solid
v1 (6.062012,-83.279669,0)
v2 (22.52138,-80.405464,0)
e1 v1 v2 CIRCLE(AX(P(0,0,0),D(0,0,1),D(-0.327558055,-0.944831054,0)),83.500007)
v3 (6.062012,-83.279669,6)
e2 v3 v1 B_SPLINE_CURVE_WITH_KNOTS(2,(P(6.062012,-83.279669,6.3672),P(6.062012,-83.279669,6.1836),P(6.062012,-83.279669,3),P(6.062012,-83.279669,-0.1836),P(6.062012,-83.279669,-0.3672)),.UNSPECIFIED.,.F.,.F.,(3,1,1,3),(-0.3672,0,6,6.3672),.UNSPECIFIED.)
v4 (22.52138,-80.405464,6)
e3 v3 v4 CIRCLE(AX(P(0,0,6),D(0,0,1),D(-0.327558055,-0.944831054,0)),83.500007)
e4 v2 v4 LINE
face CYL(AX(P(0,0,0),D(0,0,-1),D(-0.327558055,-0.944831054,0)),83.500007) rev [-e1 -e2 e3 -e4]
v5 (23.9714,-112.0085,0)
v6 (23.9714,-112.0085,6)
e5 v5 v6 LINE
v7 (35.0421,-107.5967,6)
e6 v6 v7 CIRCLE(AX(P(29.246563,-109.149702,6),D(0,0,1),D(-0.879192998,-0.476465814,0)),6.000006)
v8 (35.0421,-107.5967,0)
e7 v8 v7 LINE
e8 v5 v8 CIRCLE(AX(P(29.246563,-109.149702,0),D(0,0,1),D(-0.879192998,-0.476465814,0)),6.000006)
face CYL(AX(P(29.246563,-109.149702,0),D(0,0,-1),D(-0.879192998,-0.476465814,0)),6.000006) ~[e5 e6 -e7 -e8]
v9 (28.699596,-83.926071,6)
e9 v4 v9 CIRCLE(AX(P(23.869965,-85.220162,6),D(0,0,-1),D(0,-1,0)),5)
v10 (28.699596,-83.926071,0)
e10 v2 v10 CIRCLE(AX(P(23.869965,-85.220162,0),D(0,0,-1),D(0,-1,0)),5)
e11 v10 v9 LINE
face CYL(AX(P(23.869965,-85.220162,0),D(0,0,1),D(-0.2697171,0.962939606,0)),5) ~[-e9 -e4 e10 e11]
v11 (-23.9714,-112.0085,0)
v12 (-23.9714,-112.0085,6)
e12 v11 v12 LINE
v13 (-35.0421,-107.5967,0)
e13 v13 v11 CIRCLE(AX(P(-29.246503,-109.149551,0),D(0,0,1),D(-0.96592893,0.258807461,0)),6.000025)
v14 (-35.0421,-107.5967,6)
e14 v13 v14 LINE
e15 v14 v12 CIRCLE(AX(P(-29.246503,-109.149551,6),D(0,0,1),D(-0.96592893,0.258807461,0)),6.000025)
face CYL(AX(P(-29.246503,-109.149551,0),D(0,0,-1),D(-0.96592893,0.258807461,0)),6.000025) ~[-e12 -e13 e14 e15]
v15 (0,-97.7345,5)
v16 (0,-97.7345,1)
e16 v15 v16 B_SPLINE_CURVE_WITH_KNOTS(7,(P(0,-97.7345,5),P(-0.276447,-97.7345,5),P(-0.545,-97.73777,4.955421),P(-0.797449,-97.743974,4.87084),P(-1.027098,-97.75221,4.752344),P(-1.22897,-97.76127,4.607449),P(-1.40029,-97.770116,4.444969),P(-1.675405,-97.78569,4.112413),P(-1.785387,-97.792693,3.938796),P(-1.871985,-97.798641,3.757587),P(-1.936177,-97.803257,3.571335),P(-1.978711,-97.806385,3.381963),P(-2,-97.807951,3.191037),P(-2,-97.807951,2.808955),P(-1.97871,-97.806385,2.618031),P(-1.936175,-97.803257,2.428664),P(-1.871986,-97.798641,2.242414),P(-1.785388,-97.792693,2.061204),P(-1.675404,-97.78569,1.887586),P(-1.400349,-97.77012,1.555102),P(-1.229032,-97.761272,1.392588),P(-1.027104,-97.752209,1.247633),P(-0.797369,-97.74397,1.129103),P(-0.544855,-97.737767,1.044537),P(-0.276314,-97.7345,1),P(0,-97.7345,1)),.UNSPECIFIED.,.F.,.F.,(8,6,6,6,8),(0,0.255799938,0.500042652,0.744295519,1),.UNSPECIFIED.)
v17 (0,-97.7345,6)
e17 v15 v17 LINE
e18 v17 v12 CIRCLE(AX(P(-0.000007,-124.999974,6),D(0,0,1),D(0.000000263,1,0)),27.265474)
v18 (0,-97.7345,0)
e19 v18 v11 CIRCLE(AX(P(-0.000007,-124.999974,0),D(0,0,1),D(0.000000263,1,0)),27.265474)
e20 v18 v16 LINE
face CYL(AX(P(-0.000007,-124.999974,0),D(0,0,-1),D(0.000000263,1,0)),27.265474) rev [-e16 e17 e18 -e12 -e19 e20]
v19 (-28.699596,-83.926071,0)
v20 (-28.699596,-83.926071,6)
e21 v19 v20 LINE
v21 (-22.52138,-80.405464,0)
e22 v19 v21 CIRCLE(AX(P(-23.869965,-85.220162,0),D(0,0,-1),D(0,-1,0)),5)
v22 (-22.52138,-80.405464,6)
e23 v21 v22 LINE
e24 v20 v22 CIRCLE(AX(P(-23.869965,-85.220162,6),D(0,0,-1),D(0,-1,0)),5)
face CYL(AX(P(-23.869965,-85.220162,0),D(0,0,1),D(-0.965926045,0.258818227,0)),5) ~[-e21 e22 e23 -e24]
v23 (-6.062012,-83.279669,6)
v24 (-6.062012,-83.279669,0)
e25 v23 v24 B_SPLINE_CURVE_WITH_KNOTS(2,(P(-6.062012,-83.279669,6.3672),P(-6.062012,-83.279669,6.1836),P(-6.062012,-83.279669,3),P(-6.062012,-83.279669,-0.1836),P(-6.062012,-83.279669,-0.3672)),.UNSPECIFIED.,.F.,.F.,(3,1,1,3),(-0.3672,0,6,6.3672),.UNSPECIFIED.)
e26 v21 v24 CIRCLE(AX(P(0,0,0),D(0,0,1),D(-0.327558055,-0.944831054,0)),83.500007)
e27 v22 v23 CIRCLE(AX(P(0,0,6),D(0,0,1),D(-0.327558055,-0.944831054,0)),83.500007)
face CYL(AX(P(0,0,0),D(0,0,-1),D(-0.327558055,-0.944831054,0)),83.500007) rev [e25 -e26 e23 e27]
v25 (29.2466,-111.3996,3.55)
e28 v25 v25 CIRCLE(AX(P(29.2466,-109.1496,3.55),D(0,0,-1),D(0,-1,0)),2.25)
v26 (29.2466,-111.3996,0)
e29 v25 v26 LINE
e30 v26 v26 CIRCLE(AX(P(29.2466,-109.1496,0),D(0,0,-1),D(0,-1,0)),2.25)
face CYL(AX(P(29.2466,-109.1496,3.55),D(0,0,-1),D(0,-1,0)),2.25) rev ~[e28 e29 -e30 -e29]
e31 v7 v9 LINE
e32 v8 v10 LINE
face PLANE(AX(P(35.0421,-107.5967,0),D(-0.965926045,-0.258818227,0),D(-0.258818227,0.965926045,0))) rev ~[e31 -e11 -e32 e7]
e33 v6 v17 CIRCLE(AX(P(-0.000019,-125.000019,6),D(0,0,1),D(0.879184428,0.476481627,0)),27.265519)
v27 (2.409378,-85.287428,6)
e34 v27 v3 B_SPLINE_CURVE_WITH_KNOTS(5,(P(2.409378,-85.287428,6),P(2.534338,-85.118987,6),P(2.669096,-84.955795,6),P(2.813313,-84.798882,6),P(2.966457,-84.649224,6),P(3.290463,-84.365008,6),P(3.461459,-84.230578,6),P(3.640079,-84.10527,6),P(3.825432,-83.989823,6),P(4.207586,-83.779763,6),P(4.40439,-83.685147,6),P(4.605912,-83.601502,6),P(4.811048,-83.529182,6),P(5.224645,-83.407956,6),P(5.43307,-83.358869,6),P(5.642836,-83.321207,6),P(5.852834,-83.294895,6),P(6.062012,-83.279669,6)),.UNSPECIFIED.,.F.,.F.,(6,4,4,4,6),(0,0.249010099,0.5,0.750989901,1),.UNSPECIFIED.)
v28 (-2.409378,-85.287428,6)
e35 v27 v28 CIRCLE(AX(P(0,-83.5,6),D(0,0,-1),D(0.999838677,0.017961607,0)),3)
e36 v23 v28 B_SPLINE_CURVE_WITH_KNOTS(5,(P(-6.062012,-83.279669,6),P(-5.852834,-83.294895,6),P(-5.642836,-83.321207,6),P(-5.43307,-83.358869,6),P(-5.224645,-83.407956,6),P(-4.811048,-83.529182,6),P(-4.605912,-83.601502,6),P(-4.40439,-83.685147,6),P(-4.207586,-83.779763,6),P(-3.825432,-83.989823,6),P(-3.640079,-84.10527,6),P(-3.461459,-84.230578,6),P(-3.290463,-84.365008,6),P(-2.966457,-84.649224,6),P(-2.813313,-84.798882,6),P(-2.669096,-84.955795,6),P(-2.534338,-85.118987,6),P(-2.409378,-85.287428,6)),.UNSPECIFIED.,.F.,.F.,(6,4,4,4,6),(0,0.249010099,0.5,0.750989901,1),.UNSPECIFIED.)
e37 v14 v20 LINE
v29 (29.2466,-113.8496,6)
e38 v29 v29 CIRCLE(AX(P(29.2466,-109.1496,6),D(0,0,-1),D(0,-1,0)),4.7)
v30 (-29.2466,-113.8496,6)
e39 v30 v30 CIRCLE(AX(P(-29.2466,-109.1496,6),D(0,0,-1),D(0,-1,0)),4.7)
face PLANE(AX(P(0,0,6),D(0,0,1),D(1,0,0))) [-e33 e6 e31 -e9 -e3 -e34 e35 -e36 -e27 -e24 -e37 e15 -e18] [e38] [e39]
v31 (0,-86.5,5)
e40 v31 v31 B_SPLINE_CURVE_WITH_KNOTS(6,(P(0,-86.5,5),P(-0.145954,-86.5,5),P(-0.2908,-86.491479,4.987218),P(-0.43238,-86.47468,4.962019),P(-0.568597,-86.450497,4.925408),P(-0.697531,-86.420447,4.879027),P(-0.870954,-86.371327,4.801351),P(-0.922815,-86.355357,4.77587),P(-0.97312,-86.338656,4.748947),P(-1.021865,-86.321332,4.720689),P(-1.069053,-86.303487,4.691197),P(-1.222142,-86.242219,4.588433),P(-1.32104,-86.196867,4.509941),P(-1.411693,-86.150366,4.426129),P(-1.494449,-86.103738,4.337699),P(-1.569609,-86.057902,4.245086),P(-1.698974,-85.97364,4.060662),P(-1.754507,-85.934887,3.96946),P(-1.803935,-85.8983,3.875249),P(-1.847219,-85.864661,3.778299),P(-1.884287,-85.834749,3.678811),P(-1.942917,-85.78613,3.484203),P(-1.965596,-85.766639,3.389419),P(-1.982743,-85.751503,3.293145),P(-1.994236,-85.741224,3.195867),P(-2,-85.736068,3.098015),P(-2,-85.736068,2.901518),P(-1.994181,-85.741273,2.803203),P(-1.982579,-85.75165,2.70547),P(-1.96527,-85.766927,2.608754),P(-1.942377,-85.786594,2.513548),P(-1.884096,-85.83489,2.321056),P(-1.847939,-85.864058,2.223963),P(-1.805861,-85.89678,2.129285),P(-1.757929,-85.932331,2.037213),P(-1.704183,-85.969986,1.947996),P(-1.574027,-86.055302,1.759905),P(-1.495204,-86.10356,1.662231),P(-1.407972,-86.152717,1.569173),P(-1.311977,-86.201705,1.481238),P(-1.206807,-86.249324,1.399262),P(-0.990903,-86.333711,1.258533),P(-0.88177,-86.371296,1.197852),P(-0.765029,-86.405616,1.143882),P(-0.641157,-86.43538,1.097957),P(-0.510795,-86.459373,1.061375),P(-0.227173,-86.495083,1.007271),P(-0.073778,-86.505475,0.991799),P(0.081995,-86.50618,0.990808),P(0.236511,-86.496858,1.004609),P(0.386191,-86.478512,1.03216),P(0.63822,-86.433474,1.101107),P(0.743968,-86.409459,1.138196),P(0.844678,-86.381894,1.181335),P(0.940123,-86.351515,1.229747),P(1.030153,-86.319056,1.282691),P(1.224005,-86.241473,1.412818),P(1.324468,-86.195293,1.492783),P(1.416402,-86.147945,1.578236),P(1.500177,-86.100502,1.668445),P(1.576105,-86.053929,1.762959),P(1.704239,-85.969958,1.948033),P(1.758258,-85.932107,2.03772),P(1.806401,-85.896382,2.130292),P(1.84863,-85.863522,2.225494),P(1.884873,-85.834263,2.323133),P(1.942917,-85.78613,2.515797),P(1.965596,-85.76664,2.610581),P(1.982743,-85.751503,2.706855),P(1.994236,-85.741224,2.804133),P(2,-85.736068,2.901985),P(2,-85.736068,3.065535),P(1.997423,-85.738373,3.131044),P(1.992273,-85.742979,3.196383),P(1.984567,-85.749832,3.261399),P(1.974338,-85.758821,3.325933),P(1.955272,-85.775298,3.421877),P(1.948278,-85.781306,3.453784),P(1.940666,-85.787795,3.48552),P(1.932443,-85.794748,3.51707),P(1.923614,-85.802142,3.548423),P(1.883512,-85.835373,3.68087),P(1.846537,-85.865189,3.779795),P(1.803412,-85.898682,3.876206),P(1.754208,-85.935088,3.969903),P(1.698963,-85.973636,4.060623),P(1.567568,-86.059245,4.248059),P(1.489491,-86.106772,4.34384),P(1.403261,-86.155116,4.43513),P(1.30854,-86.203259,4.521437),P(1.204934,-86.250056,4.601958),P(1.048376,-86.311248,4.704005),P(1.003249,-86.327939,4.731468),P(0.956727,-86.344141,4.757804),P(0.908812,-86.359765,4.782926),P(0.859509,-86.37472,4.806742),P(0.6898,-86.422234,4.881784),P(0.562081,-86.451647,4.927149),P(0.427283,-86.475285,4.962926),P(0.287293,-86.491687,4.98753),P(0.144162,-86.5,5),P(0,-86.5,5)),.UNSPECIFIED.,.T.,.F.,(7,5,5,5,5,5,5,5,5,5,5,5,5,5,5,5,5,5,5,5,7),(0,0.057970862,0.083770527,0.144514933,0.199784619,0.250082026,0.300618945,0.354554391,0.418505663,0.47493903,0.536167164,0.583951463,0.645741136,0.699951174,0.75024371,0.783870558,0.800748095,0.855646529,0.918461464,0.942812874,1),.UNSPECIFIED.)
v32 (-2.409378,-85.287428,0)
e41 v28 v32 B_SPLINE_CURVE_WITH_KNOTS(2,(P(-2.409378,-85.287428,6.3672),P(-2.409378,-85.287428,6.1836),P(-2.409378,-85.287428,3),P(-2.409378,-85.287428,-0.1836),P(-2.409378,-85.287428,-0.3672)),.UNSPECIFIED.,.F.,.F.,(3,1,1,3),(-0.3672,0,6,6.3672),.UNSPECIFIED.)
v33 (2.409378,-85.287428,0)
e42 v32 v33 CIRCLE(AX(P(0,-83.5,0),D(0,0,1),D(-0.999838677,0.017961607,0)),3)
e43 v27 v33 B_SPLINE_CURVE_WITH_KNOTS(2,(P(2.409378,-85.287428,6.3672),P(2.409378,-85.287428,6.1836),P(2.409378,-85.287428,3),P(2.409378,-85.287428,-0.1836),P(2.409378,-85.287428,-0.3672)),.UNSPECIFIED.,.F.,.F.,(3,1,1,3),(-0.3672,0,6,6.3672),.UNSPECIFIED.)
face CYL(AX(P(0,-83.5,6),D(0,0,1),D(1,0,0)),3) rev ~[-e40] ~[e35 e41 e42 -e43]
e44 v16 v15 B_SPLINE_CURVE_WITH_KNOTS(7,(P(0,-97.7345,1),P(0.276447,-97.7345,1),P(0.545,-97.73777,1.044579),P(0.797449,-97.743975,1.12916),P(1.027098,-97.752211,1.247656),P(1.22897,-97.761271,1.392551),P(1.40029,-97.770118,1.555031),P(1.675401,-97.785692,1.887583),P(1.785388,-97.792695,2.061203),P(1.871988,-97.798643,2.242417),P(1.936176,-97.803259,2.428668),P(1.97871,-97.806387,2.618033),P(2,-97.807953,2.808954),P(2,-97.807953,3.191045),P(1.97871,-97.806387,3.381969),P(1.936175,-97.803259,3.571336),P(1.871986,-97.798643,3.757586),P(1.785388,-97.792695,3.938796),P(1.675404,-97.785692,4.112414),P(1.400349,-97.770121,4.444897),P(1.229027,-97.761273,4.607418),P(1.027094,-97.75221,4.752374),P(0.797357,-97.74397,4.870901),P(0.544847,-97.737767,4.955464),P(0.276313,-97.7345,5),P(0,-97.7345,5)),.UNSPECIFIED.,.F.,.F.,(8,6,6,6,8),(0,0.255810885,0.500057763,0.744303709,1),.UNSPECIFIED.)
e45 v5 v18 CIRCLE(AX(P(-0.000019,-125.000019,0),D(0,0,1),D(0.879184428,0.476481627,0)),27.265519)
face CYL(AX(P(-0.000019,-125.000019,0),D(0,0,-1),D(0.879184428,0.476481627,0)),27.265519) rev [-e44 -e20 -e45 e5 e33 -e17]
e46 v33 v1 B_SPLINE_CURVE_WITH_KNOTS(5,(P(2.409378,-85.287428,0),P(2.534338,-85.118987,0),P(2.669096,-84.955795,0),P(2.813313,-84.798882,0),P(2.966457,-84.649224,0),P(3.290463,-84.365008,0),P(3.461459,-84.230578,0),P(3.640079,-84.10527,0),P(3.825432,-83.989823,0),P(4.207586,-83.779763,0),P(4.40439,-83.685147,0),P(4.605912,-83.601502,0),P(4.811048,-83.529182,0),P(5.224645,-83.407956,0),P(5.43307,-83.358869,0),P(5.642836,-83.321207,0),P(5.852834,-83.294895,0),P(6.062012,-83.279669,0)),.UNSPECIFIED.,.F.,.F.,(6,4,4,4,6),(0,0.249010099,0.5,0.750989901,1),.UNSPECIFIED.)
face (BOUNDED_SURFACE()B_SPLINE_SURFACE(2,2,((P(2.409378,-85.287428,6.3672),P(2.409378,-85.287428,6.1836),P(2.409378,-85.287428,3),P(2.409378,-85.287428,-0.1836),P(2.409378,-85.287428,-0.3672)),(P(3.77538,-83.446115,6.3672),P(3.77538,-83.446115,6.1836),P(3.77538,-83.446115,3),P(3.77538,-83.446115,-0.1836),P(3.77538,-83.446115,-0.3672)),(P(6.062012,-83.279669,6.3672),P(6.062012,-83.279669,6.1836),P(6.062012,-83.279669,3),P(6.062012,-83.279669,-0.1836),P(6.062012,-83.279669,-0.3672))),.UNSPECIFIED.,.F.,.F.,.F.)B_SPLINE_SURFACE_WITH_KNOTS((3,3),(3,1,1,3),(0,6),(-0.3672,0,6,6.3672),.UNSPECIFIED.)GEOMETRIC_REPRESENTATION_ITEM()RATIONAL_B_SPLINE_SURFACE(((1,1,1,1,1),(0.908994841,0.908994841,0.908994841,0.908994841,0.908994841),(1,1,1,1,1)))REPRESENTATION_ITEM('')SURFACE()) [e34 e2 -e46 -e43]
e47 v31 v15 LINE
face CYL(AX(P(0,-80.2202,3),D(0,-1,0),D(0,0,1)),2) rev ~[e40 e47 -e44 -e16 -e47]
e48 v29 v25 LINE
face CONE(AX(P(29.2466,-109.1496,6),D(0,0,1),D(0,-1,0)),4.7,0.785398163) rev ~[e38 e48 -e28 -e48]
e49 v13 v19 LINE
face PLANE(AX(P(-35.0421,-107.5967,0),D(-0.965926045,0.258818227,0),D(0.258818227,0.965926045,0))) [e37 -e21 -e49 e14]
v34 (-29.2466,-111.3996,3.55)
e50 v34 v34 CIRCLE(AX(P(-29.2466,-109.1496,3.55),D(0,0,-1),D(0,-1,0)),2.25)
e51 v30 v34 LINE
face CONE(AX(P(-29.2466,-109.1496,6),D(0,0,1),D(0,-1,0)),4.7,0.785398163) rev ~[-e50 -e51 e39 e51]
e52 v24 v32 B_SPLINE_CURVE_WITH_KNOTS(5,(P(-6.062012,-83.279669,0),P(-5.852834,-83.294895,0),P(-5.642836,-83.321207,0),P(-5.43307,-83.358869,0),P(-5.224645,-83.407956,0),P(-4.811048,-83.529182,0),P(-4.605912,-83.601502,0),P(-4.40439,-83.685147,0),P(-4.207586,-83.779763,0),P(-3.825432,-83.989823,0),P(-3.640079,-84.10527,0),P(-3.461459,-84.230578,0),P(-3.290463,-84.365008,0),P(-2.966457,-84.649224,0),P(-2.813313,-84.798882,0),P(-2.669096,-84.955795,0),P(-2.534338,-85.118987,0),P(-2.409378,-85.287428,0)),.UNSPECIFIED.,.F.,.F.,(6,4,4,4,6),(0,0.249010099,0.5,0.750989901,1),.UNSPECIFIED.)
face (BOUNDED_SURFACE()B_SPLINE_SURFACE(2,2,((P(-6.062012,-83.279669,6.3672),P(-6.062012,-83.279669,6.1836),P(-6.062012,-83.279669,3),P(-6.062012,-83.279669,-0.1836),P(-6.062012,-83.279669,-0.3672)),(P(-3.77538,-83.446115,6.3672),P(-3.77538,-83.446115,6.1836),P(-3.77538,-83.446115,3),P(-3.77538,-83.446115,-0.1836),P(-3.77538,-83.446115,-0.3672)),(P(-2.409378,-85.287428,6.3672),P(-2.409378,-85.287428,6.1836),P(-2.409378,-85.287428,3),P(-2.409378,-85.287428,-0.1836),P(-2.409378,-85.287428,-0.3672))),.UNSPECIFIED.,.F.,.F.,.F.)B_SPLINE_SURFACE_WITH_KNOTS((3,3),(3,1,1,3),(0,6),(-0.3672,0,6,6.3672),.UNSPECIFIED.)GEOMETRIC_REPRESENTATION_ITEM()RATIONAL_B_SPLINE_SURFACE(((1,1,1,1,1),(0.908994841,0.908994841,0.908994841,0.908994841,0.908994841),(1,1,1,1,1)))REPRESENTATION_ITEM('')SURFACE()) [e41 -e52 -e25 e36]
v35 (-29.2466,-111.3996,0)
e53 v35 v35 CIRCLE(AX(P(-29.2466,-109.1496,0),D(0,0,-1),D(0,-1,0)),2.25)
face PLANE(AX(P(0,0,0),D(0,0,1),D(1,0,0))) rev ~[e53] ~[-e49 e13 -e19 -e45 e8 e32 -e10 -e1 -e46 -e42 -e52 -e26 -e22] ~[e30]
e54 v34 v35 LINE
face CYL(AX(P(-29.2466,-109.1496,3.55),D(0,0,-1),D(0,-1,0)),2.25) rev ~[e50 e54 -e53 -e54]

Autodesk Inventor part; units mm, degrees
ref_plane "YZ Plane" through (0, 0, 0) normal (1, 0, 0) x (0, 1, 0)
ref_plane "XY Plane" through (0, 0, 0) normal (0, 0, 1) x (1, 0, 0)
sketch "Sketch1" plane through (0, 0, 0) normal (0, 0, 1) x (1, 0, 0)
  arc A0 (-35.0421, -107.5967) -> (-23.9714, -112.0085) centre (-29.2466, -109.1496) ccw
  arc A1 (-27.3511, -78.8934) -> (27.3511, -78.8934) centre (0, 0) ccw
  line L0 (0, 0) -> (0, -147.6951) construction
  line L1 (0, 0) -> (-29.2466, -109.1496) construction
  line L2 (-35.0421, -107.5967) -> (-27.3511, -78.8934)
  arc A2 (0, -97.7345) -> (-23.9714, -112.0085) centre (0, -125) ccw
  arc A3 (23.9714, -112.0085) -> (35.0421, -107.5967) centre (29.2466, -109.1496) ccw
  line L3 (35.0421, -107.5967) -> (27.3511, -78.8934)
  arc A4 (23.9714, -112.0085) -> (0, -97.7345) centre (0, -125) ccw
  dimension "d0" = 167
  dimension "d1" = 12
  dimension "d2" = 15
  dimension "d3" = 113
  dimension "d4" = 125
extrude "Extrusion1" add sketch "Sketch1" along normal blind 6
sketch "Sketch2" plane through (0, 0, 6) normal (0, 0, 1) x (1, 0, 0)
  line L0 (-29.2466, -109.1496) -> (0, 0) construction
  line L1 (0, 0) -> (29.2466, -109.1496) construction
  line L2 (0, 0) -> (0, -137.2486) construction
  dimension "d14" = 15
  dimension "d15" = 15
  dimension "d16" = 113
  dimension "d17" = 113
hole "Hole1" at (-29.2466, -109.1496, 6) at (29.2466, -109.1496, 6) direction (0, 0, -1) diameter 4.5 end through all countersink diameter 9.4 countersink angle 90 clearance for "Countersunk Flat Head Screw DIN EN ISO 2009" size "M4" standard "DIN"
fillet "Fillet1" radius 5 2 edges at (-27.3511, -78.8934, 3) (27.3511, -78.8934, 3)
ref_plane "Work Plane1" through (-23.8699, -80.2202, 0) normal (0, 1, 0) x (-1, 0, 0)
sketch "Sketch3" plane through (-23.8699, -80.2202, 0) normal (0, 1, 0) x (-1, 0, 0)
  line L0 (11.1722, 0) -> (11.1722, 6) projected
  point P0 (-23.8699, 0)
  point P1 (-23.8699, 3)
  point P2 (11.1722, 3)
hole "Hole2" at (0, -80.2202, 3) direction (0, -1, 0) diameter 4 end through all
sketch "Sketch4" plane through (0, 0, 6) normal (0, 0, 1) x (1, 0, 0)
  arc A0 (-22.5214, -80.4055) -> (22.5214, -80.4055) centre (0, 0) ccw projected
  circle A1 centre (0, -83.5) radius 3
  point P0 (0, -83.5)
  point P1 (0, -83.5)
  dimension "d26" = 6
extrude "Extrusion2" cut sketch "Sketch4" against normal through all
fillet "Fillet2" radius 5 2 edges at (-2.9995, -83.4461, 3) (2.9995, -83.4461, 3)
equation "\"d15\" = d14"
equation "\"d17\" = d16"
properties part number "Gradient_positioner"
